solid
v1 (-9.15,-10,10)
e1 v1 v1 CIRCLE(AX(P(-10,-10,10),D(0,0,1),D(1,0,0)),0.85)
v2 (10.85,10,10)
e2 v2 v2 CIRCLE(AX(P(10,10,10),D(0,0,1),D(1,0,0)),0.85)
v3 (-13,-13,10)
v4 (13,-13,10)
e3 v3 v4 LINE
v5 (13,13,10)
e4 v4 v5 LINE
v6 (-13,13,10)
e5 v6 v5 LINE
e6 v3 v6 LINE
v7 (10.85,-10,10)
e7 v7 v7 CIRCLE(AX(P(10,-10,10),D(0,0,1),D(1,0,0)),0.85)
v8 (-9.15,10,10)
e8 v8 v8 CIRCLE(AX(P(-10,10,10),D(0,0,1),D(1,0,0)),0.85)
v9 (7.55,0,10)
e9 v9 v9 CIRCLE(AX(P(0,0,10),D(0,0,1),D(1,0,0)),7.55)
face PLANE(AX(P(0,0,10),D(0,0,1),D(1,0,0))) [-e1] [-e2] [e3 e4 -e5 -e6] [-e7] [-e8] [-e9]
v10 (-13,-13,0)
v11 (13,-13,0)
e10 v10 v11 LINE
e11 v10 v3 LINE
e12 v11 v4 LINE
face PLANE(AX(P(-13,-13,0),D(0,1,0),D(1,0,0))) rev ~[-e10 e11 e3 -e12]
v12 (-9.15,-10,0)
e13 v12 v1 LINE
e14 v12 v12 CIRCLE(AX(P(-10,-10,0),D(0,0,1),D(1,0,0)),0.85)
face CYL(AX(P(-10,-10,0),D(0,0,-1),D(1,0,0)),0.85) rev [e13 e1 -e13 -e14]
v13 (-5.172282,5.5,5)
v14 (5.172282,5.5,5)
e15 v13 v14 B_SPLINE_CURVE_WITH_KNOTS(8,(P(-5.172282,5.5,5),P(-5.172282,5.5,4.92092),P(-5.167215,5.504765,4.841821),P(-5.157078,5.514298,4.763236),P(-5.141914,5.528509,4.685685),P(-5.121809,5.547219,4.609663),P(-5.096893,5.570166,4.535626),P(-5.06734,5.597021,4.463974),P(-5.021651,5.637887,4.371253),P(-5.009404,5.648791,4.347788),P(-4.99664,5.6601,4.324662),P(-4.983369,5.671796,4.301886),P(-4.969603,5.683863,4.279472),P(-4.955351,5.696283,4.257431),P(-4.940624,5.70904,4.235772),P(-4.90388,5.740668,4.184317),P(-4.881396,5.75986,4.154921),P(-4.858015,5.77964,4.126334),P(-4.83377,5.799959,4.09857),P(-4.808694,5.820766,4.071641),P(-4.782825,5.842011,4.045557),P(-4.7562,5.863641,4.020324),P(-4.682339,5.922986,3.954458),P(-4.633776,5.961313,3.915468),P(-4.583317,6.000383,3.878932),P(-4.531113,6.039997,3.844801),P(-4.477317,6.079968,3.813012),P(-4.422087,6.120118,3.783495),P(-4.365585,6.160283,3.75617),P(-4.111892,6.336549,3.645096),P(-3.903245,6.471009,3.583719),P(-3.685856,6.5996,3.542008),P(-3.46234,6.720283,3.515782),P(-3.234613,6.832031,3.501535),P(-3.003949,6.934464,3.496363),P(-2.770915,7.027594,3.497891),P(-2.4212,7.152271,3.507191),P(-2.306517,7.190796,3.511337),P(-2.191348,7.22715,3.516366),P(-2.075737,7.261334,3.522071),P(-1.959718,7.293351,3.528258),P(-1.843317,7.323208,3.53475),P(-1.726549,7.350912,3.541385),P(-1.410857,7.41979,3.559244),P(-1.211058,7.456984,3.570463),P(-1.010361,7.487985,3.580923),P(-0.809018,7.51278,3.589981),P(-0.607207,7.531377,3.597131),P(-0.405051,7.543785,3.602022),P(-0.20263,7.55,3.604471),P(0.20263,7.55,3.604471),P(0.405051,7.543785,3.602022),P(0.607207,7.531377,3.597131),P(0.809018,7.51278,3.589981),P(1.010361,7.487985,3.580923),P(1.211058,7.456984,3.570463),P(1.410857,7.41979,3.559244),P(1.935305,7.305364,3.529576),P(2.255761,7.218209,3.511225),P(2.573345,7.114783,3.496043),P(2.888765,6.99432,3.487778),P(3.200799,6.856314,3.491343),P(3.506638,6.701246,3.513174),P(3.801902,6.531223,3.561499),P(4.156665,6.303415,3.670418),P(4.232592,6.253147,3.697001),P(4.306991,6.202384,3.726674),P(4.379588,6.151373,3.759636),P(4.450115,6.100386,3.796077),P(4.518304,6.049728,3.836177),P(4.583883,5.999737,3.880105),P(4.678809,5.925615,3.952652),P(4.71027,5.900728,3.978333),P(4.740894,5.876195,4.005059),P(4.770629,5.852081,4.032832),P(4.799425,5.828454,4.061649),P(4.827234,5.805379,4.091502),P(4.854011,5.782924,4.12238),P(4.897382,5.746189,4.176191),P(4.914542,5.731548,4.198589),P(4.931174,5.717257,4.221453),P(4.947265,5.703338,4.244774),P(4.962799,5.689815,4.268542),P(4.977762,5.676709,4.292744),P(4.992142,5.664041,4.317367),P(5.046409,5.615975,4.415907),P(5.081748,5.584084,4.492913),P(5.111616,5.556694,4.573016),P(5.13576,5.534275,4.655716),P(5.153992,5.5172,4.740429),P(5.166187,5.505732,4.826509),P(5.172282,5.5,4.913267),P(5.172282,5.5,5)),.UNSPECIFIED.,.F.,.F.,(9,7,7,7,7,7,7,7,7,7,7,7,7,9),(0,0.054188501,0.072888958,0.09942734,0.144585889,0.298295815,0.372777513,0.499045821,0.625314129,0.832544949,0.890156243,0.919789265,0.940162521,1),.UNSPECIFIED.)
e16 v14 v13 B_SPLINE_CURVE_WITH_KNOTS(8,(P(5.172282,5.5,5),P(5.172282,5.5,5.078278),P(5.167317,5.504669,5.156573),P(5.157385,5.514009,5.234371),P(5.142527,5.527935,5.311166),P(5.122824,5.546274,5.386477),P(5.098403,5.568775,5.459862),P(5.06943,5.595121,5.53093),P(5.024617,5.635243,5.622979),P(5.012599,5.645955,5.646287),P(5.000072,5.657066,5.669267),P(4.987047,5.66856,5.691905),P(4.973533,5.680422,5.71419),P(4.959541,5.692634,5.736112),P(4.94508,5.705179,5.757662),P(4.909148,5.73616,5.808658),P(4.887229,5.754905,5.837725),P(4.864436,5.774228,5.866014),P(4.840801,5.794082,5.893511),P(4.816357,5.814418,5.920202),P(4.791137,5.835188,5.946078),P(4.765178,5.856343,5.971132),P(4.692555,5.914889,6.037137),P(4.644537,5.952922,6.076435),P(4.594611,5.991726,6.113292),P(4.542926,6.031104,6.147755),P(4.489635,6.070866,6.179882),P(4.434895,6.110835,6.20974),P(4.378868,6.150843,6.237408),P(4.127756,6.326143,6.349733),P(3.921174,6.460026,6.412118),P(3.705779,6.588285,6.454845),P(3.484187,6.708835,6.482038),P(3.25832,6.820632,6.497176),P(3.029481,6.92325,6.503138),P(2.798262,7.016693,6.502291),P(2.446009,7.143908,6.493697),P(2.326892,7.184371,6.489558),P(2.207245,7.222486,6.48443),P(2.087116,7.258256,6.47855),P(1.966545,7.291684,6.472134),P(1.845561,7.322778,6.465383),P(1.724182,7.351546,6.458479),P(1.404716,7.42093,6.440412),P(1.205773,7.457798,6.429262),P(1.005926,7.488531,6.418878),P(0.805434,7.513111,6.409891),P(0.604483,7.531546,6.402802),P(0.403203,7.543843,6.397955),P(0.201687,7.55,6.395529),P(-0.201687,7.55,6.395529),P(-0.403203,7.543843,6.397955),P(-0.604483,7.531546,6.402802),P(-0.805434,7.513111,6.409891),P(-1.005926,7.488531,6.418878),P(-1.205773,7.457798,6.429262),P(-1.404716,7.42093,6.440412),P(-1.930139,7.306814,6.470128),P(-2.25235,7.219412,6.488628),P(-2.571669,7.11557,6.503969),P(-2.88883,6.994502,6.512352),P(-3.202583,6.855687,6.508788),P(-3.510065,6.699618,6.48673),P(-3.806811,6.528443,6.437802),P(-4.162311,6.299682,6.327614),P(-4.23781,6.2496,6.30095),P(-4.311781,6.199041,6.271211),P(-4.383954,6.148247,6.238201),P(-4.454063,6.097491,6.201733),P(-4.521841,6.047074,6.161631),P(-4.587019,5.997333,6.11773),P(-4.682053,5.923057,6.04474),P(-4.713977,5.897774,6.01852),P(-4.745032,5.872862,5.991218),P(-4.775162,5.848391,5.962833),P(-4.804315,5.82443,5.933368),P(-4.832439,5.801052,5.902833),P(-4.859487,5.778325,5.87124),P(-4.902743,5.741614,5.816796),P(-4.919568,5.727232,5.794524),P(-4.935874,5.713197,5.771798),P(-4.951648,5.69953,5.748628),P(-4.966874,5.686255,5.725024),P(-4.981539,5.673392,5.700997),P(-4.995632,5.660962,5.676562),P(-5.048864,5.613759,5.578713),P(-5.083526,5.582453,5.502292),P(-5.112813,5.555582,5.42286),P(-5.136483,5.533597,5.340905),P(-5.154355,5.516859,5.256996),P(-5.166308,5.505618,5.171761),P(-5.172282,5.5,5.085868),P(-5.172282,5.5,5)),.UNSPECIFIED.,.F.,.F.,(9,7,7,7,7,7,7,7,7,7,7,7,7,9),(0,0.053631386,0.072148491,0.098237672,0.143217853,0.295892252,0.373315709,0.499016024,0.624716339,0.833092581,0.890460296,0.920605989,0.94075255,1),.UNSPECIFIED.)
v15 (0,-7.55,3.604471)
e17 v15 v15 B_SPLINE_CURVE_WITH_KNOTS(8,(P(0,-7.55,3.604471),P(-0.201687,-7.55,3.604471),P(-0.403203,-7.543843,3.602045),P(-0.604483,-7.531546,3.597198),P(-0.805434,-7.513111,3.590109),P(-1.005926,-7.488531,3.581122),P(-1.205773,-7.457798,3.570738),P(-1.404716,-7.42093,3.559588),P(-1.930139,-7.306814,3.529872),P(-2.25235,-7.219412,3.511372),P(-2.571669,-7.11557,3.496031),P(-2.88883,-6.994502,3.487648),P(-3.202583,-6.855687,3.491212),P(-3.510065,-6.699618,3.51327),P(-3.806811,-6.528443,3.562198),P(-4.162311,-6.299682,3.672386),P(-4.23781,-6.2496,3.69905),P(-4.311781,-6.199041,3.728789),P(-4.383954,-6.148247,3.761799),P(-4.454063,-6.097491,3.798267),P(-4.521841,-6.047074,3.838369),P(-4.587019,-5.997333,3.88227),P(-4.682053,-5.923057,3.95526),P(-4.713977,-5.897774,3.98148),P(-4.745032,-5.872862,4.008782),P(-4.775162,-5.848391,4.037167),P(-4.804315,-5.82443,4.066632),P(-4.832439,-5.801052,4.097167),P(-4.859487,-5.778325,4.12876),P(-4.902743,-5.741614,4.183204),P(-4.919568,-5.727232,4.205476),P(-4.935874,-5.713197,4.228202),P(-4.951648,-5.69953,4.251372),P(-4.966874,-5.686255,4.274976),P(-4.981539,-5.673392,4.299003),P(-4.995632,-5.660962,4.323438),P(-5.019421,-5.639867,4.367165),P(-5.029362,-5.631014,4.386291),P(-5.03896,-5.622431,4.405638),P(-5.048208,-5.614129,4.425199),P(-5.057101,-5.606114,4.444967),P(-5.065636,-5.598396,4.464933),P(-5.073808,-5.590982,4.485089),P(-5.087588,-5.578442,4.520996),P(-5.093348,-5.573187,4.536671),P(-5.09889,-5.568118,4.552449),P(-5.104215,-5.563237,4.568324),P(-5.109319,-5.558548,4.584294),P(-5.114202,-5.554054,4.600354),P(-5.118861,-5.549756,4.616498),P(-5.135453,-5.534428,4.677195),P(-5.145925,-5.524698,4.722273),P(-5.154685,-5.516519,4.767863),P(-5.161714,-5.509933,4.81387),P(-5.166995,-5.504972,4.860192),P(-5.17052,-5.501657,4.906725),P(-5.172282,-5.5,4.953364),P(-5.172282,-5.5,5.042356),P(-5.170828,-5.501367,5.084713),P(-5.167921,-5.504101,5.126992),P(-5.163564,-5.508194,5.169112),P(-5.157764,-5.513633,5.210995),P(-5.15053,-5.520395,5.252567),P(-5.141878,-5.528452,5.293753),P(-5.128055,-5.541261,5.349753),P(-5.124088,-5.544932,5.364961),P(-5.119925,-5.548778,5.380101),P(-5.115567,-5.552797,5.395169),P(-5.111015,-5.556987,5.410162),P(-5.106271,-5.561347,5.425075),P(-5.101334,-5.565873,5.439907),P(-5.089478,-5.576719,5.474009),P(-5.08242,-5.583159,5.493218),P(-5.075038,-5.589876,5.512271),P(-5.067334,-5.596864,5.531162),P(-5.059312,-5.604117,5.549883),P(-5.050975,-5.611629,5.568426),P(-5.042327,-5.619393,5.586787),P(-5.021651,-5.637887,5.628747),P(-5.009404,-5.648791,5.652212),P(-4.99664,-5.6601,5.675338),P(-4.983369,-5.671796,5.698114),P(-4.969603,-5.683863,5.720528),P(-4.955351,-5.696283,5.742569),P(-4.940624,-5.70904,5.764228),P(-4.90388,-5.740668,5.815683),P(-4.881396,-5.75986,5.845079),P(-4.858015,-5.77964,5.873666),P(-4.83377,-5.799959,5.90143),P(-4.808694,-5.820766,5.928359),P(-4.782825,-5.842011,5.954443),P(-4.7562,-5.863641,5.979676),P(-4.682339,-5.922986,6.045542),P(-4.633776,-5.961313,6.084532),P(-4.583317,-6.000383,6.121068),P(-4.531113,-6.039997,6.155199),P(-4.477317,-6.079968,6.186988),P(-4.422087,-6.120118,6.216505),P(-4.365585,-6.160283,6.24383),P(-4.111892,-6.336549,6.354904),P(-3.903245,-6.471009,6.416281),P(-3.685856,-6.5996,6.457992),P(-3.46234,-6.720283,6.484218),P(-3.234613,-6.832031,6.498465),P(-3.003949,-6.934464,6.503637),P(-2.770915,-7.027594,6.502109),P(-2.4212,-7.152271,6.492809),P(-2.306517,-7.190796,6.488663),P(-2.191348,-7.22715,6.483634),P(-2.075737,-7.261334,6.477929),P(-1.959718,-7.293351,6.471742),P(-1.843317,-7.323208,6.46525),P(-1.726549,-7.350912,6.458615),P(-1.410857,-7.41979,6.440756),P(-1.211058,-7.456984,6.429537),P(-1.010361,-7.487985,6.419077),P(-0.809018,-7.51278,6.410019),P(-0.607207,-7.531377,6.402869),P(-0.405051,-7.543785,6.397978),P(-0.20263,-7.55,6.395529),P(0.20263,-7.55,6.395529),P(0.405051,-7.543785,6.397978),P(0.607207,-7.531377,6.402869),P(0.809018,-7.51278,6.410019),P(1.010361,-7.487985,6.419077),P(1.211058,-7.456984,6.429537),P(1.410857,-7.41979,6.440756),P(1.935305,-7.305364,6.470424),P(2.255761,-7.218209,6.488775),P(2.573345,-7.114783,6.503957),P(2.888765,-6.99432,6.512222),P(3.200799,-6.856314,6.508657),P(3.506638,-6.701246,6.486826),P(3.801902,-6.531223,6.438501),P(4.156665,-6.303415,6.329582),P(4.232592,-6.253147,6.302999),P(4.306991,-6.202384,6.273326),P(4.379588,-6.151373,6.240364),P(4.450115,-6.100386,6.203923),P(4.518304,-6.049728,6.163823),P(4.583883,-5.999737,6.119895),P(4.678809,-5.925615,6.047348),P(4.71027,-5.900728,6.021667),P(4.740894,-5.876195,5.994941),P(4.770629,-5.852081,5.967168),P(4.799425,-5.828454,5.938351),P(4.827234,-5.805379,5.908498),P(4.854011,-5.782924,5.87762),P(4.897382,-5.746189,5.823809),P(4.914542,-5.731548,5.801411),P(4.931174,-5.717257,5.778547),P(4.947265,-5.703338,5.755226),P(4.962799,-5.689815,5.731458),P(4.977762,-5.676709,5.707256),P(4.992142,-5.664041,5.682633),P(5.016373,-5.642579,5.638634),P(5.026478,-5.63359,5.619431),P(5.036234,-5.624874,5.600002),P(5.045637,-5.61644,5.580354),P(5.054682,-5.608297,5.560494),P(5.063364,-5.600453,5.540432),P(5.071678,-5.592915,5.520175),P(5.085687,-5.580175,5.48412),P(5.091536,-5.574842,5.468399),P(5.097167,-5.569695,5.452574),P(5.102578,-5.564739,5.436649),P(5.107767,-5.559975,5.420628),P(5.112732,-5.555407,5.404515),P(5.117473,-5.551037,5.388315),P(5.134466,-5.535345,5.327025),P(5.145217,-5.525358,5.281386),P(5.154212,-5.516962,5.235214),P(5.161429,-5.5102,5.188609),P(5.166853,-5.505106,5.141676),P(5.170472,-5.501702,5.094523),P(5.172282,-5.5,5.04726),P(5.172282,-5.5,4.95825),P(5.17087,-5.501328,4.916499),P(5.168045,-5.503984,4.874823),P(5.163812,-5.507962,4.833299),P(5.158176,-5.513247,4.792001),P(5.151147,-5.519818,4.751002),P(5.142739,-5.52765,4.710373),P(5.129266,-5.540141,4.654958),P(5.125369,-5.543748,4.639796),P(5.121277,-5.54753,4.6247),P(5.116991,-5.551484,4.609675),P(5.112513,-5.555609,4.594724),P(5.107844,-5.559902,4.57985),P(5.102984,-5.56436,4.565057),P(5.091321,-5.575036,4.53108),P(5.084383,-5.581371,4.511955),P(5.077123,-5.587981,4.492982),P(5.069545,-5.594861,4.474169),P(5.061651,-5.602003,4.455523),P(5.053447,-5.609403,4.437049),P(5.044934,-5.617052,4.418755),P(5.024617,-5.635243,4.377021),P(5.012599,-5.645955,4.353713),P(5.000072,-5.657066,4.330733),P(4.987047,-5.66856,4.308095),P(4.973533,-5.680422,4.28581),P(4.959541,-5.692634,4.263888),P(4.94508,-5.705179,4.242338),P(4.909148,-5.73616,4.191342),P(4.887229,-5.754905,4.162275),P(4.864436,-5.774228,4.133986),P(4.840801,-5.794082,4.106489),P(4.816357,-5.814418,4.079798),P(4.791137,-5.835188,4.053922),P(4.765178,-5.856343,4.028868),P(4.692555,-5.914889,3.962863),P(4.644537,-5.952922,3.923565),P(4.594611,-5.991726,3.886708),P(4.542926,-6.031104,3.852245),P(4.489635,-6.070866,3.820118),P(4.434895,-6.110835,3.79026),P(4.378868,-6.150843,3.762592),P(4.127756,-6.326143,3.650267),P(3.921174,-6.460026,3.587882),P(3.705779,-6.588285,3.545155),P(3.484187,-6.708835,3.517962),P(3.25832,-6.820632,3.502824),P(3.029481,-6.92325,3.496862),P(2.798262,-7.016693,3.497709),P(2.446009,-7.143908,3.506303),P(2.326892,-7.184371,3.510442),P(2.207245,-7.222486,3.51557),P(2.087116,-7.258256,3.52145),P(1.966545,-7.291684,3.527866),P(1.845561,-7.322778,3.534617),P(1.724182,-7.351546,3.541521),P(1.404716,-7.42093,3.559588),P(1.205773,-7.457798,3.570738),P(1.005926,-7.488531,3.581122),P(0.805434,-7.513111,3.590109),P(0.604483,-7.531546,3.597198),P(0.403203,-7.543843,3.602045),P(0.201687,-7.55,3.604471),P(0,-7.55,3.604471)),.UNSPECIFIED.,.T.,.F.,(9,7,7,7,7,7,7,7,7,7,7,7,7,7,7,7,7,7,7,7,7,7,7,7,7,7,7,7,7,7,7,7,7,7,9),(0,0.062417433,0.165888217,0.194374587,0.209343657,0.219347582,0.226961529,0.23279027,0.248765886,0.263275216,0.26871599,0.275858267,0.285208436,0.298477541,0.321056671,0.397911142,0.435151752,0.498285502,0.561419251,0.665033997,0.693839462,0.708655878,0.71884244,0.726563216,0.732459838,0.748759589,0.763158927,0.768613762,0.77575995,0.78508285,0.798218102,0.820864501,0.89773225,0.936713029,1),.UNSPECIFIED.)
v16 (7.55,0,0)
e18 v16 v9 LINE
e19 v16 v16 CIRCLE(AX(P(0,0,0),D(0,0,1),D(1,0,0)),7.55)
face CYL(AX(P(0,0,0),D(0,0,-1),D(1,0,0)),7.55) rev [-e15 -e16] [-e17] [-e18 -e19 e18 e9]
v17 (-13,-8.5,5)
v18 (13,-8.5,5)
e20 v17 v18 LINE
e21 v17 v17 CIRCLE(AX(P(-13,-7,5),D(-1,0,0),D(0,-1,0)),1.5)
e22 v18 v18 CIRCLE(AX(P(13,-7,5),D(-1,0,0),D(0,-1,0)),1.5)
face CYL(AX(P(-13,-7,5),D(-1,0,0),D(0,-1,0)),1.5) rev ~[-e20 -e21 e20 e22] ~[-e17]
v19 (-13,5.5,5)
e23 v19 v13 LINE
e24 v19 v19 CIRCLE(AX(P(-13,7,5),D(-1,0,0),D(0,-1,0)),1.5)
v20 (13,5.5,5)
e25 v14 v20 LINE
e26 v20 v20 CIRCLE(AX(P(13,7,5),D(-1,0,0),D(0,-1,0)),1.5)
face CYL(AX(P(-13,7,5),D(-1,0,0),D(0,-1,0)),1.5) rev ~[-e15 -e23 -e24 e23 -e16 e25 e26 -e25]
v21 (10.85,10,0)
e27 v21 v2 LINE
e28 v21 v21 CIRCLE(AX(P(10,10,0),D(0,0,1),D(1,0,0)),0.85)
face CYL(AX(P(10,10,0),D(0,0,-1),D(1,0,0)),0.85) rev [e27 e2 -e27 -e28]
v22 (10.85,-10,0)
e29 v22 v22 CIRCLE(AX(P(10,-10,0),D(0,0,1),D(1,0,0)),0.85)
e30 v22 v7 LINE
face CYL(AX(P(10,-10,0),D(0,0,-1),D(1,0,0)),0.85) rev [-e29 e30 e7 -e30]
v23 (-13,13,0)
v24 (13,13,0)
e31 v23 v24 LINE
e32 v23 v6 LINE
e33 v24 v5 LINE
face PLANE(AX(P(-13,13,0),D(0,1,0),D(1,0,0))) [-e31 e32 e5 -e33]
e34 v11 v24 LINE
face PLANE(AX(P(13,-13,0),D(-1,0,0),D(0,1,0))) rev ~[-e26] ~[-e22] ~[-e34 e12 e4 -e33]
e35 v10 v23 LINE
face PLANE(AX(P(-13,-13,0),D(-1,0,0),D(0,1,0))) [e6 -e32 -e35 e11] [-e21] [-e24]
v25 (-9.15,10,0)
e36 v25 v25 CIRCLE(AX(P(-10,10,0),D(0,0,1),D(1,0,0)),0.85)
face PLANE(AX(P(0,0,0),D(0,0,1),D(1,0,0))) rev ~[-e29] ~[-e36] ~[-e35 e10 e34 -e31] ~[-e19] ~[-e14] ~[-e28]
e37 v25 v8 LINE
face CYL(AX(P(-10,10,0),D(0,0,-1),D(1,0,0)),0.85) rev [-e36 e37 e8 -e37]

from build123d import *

# Parameters (mm, degrees)
F0_W     = 26
F0_H     = 26
F0_R     = 0.85
F0_R_2   = 7.55
F1_DEPTH = 10
F2_R     = 1.5
F3_DEPTH = 26.001


with BuildPart() as f1:
    # F0 (on Top) → F1 (new body)
    with BuildSketch(Plane.XY):
        Rectangle(F0_W, F0_H)
        with Locations((-10, -10)):
            Circle(F0_R, mode=Mode.SUBTRACT)
        with Locations((10, -10)):
            Circle(F0_R, mode=Mode.SUBTRACT)
        with Locations((-10, 10)):
            Circle(F0_R, mode=Mode.SUBTRACT)
        Circle(F0_R_2, mode=Mode.SUBTRACT)
        with Locations((10, 10)):
            Circle(F0_R, mode=Mode.SUBTRACT)
    extrude(amount=F1_DEPTH)

    # F2 (on face) → F3 (cut, through all)
    with BuildSketch(Plane(origin=(-13, 0, 0), x_dir=(0, -1, 0), z_dir=(-1, 0, 0))):
        with Locations((-7, 5)):
            Circle(F2_R)
        with Locations((7, 5)):
            Circle(F2_R)
    extrude(amount=-F3_DEPTH, mode=Mode.SUBTRACT)


solid = f1.part
